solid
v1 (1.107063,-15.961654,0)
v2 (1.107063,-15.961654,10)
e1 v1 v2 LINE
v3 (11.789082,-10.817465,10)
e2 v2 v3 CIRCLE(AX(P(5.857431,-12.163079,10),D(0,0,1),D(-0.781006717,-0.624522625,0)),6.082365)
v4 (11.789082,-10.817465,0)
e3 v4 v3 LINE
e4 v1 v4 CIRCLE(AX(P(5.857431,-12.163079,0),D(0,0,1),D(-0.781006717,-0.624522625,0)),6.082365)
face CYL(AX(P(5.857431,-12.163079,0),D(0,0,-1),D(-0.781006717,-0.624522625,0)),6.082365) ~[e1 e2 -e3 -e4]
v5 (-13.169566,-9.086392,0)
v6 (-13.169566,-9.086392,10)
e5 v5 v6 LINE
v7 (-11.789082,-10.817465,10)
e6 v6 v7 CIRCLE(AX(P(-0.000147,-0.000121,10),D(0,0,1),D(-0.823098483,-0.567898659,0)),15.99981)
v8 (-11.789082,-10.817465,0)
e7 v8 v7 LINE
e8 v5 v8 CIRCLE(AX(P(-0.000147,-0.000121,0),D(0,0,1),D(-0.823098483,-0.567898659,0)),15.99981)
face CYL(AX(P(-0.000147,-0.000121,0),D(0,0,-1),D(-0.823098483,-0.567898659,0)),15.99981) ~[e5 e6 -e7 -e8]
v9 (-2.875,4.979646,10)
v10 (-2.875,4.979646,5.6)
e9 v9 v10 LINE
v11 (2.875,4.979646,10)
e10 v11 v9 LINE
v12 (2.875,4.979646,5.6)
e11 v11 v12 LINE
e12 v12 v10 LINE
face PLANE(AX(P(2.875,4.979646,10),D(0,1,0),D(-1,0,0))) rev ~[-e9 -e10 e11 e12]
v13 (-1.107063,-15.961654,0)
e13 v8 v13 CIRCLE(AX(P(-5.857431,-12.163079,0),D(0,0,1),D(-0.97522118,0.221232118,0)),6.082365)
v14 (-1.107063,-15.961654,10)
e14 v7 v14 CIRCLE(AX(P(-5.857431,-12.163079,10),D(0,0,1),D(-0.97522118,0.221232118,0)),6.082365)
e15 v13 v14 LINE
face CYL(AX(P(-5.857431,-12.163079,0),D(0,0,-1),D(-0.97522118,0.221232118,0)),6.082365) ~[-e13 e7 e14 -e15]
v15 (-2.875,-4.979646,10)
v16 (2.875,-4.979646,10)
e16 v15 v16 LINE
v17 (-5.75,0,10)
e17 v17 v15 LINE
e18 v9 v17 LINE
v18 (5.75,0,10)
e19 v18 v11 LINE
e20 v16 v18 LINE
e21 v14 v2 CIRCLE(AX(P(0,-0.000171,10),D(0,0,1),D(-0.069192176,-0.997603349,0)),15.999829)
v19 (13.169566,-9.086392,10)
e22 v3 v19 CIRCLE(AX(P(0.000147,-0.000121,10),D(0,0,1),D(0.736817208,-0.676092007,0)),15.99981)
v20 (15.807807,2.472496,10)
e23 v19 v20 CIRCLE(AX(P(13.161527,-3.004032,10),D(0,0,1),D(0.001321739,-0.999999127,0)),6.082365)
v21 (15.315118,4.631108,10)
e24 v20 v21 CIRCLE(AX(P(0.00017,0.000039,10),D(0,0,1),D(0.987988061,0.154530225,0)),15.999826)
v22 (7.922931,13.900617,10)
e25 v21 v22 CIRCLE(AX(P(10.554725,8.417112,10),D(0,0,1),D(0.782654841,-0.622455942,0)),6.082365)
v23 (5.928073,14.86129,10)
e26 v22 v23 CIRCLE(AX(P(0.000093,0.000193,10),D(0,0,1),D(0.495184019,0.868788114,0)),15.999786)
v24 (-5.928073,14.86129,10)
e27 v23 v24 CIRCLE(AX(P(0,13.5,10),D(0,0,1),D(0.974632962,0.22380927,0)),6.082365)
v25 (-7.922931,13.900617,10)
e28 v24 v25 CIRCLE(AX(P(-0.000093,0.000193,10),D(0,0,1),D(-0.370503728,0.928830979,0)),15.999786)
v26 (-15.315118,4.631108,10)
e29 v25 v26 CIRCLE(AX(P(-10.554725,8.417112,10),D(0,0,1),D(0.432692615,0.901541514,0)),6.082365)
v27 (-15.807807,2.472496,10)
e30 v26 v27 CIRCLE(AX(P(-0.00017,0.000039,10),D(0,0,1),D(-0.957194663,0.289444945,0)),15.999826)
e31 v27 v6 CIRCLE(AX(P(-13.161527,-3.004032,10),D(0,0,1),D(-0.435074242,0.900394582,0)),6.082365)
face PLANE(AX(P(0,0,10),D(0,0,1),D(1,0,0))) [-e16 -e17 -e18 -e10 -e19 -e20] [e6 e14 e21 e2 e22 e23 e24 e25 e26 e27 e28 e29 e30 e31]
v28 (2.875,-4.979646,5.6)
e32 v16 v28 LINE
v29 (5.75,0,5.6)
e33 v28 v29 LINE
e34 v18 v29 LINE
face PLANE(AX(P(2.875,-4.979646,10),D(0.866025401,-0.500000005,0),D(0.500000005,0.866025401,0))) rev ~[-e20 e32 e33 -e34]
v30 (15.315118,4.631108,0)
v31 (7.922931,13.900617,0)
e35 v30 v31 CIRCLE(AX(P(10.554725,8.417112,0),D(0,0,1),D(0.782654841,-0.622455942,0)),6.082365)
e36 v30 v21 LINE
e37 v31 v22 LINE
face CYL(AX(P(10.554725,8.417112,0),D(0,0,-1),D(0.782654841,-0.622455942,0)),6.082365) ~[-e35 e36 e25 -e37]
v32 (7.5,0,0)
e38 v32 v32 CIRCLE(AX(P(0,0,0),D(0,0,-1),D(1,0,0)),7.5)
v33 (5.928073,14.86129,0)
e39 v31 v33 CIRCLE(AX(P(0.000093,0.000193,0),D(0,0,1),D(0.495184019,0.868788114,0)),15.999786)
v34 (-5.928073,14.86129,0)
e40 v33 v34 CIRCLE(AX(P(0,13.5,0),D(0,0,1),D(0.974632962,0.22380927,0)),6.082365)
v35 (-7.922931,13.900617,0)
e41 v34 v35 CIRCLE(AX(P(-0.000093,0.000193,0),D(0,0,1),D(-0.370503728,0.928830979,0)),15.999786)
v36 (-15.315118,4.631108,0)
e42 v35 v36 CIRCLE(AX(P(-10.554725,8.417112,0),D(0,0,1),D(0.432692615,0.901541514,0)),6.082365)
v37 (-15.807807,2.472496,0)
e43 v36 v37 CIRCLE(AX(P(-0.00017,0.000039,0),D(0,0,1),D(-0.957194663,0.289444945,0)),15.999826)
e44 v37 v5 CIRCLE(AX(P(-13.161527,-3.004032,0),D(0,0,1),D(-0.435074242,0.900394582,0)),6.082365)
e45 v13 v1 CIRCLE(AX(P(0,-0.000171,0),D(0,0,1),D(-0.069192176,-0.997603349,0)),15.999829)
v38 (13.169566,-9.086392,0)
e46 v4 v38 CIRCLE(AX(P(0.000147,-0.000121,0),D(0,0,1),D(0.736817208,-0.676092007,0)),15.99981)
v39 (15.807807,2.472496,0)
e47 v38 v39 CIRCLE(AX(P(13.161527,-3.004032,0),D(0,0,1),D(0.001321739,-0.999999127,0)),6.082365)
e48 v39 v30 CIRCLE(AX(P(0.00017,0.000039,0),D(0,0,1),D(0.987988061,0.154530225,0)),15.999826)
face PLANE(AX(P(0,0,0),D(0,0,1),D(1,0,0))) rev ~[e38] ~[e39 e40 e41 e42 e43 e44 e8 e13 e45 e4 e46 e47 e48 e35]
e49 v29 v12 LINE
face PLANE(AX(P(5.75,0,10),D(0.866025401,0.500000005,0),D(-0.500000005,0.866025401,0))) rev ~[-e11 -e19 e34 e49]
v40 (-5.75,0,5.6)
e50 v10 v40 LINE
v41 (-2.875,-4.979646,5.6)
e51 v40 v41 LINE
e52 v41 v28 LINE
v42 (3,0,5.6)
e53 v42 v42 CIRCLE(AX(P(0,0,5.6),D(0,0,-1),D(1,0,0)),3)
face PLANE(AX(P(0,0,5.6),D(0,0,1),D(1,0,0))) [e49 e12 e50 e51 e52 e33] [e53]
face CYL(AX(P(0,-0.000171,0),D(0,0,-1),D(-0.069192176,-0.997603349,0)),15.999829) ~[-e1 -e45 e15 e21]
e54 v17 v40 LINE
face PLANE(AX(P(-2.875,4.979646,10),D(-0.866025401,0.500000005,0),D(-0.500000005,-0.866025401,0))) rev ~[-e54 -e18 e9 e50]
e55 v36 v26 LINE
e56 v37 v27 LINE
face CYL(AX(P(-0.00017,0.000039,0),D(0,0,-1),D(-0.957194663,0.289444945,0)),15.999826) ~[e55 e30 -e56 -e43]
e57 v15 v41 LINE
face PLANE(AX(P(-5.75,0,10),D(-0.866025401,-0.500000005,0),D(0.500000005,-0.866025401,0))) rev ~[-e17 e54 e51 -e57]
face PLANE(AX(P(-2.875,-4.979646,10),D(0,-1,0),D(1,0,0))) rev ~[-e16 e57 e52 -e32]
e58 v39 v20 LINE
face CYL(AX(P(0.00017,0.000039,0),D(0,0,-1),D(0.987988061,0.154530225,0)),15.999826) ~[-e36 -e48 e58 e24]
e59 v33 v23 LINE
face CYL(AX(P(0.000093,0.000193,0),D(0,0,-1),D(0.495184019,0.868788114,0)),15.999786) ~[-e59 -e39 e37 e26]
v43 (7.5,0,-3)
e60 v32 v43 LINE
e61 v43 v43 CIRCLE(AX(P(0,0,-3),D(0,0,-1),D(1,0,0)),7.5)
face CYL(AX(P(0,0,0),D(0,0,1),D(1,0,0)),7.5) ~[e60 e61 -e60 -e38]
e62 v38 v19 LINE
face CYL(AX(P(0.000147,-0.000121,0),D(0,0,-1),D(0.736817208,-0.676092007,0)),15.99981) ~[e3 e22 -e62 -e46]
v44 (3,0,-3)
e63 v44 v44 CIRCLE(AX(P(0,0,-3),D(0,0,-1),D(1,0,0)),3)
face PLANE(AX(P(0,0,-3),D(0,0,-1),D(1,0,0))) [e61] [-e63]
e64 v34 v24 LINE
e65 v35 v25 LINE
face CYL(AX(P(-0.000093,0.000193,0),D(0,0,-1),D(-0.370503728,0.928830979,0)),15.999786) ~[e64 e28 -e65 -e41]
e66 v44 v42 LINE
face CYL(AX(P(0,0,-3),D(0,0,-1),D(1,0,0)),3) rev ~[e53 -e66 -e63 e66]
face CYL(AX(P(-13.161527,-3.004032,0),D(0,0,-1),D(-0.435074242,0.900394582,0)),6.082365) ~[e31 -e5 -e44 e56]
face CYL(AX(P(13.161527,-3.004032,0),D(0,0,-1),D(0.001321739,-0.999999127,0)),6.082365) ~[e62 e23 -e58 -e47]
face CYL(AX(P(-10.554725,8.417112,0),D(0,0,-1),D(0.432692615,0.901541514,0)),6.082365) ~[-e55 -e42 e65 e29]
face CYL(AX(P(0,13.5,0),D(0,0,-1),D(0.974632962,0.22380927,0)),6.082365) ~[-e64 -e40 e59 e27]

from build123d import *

# Parameters (mm, degrees)
F1_DEPTH = 10
F3_DEPTH = 4.4
F4_R     = 7.5
F5_DEPTH = 3
F6_R     = 3
F7_DEPTH = 13.001


with BuildPart() as f1:
    # F0 (on Top) → F1 (new body)
    with BuildSketch(Plane.XY):
        with BuildLine():
            ThreePointArc((5.928073, 14.86129), (0, 19.582365), (-5.928073, 14.86129))
            ThreePointArc((-5.928073, 14.86129), (-6.94214, 14.415502), (-7.922931, 13.900617))
            ThreePointArc((-7.922931, 13.900617), (-15.31011, 12.209405), (-15.315118, 4.631108))
            ThreePointArc((-15.315118, 4.631108), (-15.598847, 3.560335), (-15.807807, 2.472496))
            ThreePointArc((-15.807807, 2.472496), (-19.091394, -4.357486), (-13.169566, -9.086392))
            ThreePointArc((-13.169566, -9.086392), (-12.509304, -9.975837), (-11.789082, -10.817465))
            ThreePointArc((-11.789082, -10.817465), (-8.49647, -17.643101), (-1.107063, -15.961654))
            ThreePointArc((-1.107063, -15.961654), (0, -16), (1.107063, -15.961654))
            ThreePointArc((1.107063, -15.961654), (8.49647, -17.643101), (11.789082, -10.817465))
            ThreePointArc((11.789082, -10.817465), (12.509304, -9.975837), (13.169566, -9.086392))
            ThreePointArc((13.169566, -9.086392), (19.091394, -4.357486), (15.807807, 2.472496))
            ThreePointArc((15.807807, 2.472496), (15.598847, 3.560335), (15.315118, 4.631108))
            ThreePointArc((15.315118, 4.631108), (15.31011, 12.209405), (7.922931, 13.900617))
            ThreePointArc((7.922931, 13.900617), (6.94214, 14.415502), (5.928073, 14.86129))
        make_face()
    extrude(amount=F1_DEPTH)

    # F2 (on face) → F3 (cut)
    with BuildSketch(Plane.XY.offset(10)):
        Polygon((2.875, -4.979646), (5.75, 0), (2.875, 4.979646), (-2.875, 4.979646), (-5.75, 0), (-2.875, -4.979646), align=None)
    extrude(amount=-F3_DEPTH, mode=Mode.SUBTRACT)

    # F4 (on face) → F5 (join)
    with BuildSketch(Plane(origin=(0, 0, 0), x_dir=(1, 0, 0), z_dir=(0, 0, -1))):
        Circle(F4_R)
    extrude(amount=F5_DEPTH)

    # F6 (on face) → F7 (cut, through all)
    with BuildSketch(Plane(origin=(0, 0, -3), x_dir=(1, 0, 0), z_dir=(0, 0, -1))):
        Circle(F6_R)
    extrude(amount=-F7_DEPTH, mode=Mode.SUBTRACT)


solid = f1.part
